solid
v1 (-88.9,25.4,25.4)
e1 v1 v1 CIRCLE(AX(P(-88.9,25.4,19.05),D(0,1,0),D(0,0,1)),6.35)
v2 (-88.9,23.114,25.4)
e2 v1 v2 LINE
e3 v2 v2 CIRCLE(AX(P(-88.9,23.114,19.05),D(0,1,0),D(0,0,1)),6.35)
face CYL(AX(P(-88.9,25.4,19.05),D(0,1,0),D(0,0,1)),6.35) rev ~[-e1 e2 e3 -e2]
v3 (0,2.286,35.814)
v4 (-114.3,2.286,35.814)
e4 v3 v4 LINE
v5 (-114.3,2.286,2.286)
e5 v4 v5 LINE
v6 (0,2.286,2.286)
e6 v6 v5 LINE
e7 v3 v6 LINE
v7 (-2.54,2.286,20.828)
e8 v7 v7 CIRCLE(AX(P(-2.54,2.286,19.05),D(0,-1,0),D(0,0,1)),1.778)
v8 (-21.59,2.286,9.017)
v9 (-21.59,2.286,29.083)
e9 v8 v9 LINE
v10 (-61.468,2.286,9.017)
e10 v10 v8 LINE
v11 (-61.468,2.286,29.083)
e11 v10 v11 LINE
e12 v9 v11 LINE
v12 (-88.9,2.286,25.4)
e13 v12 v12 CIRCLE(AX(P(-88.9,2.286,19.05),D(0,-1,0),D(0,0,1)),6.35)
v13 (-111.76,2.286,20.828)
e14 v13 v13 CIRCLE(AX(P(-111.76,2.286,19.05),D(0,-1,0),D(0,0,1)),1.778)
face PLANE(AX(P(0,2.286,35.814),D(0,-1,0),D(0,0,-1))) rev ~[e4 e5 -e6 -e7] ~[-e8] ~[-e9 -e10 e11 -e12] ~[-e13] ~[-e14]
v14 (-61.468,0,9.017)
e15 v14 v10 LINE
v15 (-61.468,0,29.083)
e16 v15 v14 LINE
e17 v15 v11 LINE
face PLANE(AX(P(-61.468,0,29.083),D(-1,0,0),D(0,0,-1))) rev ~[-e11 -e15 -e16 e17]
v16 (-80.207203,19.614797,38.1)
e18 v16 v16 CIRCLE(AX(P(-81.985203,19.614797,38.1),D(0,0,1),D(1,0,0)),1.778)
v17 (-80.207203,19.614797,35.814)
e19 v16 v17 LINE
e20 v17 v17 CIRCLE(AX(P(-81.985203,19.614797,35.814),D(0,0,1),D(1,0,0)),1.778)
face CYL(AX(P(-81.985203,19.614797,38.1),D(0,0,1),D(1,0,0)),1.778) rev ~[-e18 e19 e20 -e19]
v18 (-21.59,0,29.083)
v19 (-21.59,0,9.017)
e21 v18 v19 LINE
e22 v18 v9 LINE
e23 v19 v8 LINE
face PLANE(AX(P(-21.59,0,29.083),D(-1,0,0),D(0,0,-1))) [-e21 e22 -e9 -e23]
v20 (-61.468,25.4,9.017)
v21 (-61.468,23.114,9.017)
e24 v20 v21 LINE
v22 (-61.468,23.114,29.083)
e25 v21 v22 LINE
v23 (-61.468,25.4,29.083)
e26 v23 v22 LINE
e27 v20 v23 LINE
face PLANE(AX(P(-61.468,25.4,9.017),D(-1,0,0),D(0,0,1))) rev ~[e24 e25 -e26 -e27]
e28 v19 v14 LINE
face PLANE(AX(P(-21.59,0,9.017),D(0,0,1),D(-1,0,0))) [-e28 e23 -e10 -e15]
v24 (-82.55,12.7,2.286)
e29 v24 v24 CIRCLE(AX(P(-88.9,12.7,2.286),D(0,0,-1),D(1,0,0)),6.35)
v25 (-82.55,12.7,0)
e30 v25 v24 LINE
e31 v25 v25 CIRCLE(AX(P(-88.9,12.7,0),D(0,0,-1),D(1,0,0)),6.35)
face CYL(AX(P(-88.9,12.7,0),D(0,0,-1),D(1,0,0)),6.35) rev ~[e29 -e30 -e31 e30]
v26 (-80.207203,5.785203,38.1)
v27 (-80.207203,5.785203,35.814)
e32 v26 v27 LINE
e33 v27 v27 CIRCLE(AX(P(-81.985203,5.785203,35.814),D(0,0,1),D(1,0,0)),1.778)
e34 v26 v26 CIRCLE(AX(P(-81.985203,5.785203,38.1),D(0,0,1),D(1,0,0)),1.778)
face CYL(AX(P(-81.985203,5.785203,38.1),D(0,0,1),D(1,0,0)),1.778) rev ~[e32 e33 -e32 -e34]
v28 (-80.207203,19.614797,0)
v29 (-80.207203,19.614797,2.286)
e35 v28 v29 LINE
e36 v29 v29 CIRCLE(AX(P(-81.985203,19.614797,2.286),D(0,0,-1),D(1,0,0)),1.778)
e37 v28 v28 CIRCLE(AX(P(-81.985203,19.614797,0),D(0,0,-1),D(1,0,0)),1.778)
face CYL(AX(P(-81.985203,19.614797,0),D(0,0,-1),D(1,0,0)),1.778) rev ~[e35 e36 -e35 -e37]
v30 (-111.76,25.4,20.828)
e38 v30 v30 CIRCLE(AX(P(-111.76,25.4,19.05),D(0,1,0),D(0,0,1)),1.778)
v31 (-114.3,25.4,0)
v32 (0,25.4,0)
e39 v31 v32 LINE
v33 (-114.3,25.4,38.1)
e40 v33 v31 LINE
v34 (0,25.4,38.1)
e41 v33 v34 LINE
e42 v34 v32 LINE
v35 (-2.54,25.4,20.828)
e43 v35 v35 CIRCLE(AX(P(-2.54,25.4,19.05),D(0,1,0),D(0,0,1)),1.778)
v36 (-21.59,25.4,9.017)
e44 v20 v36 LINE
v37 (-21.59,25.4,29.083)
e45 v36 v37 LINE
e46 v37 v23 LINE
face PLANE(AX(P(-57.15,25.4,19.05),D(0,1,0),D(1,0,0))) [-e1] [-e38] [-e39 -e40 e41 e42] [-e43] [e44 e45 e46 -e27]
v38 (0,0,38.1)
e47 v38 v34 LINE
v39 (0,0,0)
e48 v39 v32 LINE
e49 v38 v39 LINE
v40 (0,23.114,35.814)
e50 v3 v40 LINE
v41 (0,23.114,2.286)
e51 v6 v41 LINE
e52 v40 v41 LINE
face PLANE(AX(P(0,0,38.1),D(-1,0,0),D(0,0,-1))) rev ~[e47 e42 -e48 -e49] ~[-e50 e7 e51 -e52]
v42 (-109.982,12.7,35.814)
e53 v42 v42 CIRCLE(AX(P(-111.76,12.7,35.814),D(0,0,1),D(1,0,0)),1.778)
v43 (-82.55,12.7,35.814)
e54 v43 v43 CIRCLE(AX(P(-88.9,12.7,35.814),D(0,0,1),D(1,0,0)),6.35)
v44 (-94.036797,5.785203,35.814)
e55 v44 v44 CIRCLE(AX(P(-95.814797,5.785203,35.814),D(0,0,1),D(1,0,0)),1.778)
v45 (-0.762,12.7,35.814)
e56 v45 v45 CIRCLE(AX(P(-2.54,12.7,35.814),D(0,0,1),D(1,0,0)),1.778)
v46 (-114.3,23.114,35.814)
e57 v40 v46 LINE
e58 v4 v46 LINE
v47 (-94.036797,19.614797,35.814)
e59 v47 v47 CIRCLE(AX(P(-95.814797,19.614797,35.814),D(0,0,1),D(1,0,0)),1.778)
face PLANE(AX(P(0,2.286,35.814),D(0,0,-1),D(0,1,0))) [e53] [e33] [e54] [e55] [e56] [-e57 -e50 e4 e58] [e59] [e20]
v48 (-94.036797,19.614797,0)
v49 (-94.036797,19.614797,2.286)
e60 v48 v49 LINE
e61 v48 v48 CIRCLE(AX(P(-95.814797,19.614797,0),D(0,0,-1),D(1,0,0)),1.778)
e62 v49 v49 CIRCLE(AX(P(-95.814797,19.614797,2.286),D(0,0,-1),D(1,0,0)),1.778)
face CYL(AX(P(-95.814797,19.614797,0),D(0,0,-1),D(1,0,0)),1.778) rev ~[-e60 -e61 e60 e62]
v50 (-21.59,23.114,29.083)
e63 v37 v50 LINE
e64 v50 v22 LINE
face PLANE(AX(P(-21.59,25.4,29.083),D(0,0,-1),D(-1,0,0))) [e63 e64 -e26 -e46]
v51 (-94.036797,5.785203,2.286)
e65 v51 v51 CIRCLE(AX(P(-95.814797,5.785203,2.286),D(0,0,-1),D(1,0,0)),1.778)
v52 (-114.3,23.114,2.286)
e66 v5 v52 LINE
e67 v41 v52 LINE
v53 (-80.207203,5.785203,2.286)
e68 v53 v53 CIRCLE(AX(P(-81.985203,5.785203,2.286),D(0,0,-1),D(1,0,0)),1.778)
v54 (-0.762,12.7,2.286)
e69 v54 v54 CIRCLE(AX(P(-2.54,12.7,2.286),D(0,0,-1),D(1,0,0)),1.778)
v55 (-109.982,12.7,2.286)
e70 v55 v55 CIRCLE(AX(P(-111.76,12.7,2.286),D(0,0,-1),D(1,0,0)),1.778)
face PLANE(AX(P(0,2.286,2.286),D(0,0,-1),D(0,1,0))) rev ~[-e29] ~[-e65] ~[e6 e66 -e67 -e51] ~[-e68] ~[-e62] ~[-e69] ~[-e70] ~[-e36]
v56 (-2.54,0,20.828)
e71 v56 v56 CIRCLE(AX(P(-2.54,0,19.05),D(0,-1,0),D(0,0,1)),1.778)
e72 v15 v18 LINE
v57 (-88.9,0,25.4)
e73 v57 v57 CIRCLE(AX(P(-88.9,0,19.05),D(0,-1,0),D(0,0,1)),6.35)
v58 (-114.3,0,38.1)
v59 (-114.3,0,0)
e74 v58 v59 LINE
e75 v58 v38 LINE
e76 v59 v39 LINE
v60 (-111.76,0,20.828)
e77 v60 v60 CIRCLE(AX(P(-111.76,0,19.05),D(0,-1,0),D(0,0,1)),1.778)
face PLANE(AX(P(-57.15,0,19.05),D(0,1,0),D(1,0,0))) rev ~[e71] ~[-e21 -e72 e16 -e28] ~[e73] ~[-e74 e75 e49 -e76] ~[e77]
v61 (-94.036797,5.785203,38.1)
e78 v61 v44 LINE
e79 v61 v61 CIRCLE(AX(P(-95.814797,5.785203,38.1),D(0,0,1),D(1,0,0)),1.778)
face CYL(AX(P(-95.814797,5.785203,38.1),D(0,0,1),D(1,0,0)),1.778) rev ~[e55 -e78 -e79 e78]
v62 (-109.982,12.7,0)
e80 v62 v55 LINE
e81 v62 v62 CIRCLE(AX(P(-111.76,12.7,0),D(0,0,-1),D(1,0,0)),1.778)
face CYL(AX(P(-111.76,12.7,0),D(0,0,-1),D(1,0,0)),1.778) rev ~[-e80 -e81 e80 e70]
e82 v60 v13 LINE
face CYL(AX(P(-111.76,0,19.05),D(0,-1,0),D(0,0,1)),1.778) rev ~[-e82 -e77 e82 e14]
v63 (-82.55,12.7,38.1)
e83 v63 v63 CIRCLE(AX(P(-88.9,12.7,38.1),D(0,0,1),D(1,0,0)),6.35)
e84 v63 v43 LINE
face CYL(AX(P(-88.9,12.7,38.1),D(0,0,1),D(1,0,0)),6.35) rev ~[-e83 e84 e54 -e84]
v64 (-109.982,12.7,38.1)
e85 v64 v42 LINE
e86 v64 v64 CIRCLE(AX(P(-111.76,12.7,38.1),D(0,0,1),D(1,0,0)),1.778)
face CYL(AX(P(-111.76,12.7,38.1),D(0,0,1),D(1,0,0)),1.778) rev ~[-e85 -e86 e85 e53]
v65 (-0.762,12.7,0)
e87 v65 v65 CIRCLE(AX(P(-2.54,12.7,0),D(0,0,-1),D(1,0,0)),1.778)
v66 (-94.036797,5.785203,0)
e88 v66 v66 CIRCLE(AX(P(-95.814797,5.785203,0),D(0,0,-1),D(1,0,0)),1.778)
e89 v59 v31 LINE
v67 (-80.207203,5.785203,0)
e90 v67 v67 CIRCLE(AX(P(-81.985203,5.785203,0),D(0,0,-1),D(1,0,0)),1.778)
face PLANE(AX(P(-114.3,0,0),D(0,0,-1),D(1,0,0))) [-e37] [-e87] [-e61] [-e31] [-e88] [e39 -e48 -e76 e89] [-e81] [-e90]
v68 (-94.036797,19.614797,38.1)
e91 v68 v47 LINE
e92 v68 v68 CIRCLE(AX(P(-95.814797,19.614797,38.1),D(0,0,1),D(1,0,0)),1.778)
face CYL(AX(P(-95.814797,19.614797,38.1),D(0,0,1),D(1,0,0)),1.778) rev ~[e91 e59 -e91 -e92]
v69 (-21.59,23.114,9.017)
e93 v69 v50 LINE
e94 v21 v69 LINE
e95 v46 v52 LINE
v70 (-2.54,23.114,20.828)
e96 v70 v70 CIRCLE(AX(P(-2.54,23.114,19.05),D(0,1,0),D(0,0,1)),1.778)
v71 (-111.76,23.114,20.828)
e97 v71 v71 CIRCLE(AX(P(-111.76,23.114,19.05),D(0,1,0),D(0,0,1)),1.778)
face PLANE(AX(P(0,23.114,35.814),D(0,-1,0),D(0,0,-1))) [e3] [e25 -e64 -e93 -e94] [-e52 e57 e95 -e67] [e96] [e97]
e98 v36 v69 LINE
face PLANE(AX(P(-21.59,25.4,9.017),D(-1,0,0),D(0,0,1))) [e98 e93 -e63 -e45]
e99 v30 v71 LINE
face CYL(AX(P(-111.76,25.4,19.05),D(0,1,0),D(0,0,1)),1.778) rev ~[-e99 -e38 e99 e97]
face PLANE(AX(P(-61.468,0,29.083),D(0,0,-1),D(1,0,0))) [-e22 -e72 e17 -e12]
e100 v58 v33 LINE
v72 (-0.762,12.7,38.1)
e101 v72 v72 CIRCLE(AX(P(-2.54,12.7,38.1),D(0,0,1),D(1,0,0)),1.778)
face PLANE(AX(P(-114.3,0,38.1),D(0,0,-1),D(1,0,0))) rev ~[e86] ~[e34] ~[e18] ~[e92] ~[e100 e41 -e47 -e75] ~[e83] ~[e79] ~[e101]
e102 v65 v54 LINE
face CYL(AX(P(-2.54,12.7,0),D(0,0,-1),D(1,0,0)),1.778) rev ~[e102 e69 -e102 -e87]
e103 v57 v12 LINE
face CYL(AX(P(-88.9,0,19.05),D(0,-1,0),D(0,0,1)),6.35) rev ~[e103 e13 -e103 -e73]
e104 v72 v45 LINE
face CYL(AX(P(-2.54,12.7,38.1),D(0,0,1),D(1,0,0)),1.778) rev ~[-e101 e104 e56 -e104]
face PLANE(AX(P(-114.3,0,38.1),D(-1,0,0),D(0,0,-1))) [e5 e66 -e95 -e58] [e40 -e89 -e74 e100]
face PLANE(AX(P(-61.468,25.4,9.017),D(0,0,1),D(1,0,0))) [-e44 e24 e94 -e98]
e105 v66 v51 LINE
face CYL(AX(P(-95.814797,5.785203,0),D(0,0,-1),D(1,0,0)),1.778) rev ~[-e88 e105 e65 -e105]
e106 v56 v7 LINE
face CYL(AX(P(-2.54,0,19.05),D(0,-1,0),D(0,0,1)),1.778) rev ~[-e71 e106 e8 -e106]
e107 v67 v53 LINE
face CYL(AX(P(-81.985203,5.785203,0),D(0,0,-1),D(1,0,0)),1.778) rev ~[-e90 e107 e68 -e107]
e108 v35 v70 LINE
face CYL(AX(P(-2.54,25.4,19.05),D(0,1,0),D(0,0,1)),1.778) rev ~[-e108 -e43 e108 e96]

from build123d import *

# Parameters (mm, degrees)
SKETCH1_W           = 114.3
SKETCH1_H           = 38.1
BOSS_EXTRUDE1_DEPTH = 25.4
CUT_EXTRUDE1_REACH  = 125.131
SKETCH2_W           = 33.528
SKETCH2_H           = 20.828
CUT_EXTRUDE2_REACH  = 125.131
SKETCH3_R           = 1.778
CUT_EXTRUDE3_REACH  = 125.131
SKETCH4_R           = 1.778
CUT_EXTRUDE4_REACH  = 125.131
SKETCH5_R           = 1.778
SKETCH5_R_2         = 6.35
CUT_EXTRUDE5_REACH  = 125.131
SKETCH6_R           = 1.778
SKETCH6_R_2         = 6.35
CUT_EXTRUDE6_REACH  = 125.131
SKETCH7_R           = 1.778
SKETCH7_R_2         = 6.35
CUT_EXTRUDE7_REACH  = 125.131
SKETCH8_R           = 1.778
SKETCH8_R_2         = 6.35
CUT_EXTRUDE8_REACH  = 125.131
SKETCH9_R           = 1.778
CUT_EXTRUDE9_REACH  = 125.131
SKETCH10_R          = 1.778


with BuildPart() as part:
    # Sketch1 → Boss-Extrude1 (new body)
    with BuildSketch(Plane(origin=(0, 0, 0), x_dir=(1, 0, 0), z_dir=(0, 1, 0))):
        with Locations((-57.15, -19.05)):
            Rectangle(SKETCH1_W, SKETCH1_H)
    extrude(amount=BOSS_EXTRUDE1_DEPTH)

    # Sketch2 → Cut-Extrude1 (cut, up to next)
    with BuildSketch(Plane(origin=(0, 0, 0), x_dir=(0, 0, -1), z_dir=(1, 0, 0)), mode=Mode.PRIVATE) as cut_extrude1_sk1:
        with Locations((-19.05, 12.7)):
            Rectangle(SKETCH2_W, SKETCH2_H)
    cut_extrude1_tool1 = extrude(cut_extrude1_sk1.sketch, amount=-CUT_EXTRUDE1_REACH, mode=Mode.PRIVATE) & part.part
    add(cut_extrude1_tool1.solids().sort_by_distance((0, 12.7, 19.05))[0], mode=Mode.SUBTRACT)

    # Sketch3 → Cut-Extrude2 (cut, up to next)
    with BuildSketch(Plane.XY.offset(38.1), mode=Mode.PRIVATE) as cut_extrude2_sk1:
        with Locations((-2.54, 12.7)):
            Circle(SKETCH3_R)
    cut_extrude2_tool1 = extrude(cut_extrude2_sk1.sketch, amount=-CUT_EXTRUDE2_REACH, mode=Mode.PRIVATE) & part.part
    add(cut_extrude2_tool1.solids().sort_by_distance((-2.54, 12.7, 38.1))[0], mode=Mode.SUBTRACT)

    # Sketch4 → Cut-Extrude3 (cut, up to next)
    with BuildSketch(Plane(origin=(0, 0, 0), x_dir=(-1, 0, 0), z_dir=(0, 0, -1)), mode=Mode.PRIVATE) as cut_extrude3_sk1:
        with Locations(Location((2.54, 12.7, 0), (0, 0, 180))):
            Circle(SKETCH4_R)
    cut_extrude3_tool1 = extrude(cut_extrude3_sk1.sketch, amount=-CUT_EXTRUDE3_REACH, mode=Mode.PRIVATE) & part.part
    add(cut_extrude3_tool1.solids().sort_by_distance((-2.54, 12.7, 0))[0], mode=Mode.SUBTRACT)

    # Sketch5 → Cut-Extrude4 (cut, up to next)
    with BuildSketch(Plane.XY.offset(38.1), mode=Mode.PRIVATE) as cut_extrude4_sk1:
        with Locations((-111.76, 12.7)):
            Circle(SKETCH5_R)
    cut_extrude4_tool1 = extrude(cut_extrude4_sk1.sketch, amount=-CUT_EXTRUDE4_REACH, mode=Mode.PRIVATE) & part.part
    # Sketch5 → Cut-Extrude4 (cut, up to next)
    with BuildSketch(Plane.XY.offset(38.1), mode=Mode.PRIVATE) as cut_extrude4_sk2:
        with Locations((-88.9, 12.7)):
            Circle(SKETCH5_R_2)
    cut_extrude4_tool2 = extrude(cut_extrude4_sk2.sketch, amount=-CUT_EXTRUDE4_REACH, mode=Mode.PRIVATE) & part.part
    # Sketch5 → Cut-Extrude4 (cut, up to next)
    with BuildSketch(Plane.XY.offset(38.1), mode=Mode.PRIVATE) as cut_extrude4_sk3:
        with Locations((-95.814797213, 19.614797213)):
            Circle(SKETCH5_R)
    cut_extrude4_tool3 = extrude(cut_extrude4_sk3.sketch, amount=-CUT_EXTRUDE4_REACH, mode=Mode.PRIVATE) & part.part
    # Sketch5 → Cut-Extrude4 (cut, up to next)
    with BuildSketch(Plane.XY.offset(38.1), mode=Mode.PRIVATE) as cut_extrude4_sk4:
        with Locations((-81.985202787, 19.614797213)):
            Circle(SKETCH5_R)
    cut_extrude4_tool4 = extrude(cut_extrude4_sk4.sketch, amount=-CUT_EXTRUDE4_REACH, mode=Mode.PRIVATE) & part.part
    # Sketch5 → Cut-Extrude4 (cut, up to next)
    with BuildSketch(Plane.XY.offset(38.1), mode=Mode.PRIVATE) as cut_extrude4_sk5:
        with Locations((-95.814797213, 5.785202787)):
            Circle(SKETCH5_R)
    cut_extrude4_tool5 = extrude(cut_extrude4_sk5.sketch, amount=-CUT_EXTRUDE4_REACH, mode=Mode.PRIVATE) & part.part
    # Sketch5 → Cut-Extrude4 (cut, up to next)
    with BuildSketch(Plane.XY.offset(38.1), mode=Mode.PRIVATE) as cut_extrude4_sk6:
        with Locations((-81.985202787, 5.785202787)):
            Circle(SKETCH5_R)
    cut_extrude4_tool6 = extrude(cut_extrude4_sk6.sketch, amount=-CUT_EXTRUDE4_REACH, mode=Mode.PRIVATE) & part.part
    add(cut_extrude4_tool1.solids().sort_by_distance((-111.76, 12.7, 38.1))[0], mode=Mode.SUBTRACT)
    add(cut_extrude4_tool2.solids().sort_by_distance((-88.9, 12.7, 38.1))[0], mode=Mode.SUBTRACT)
    add(cut_extrude4_tool3.solids().sort_by_distance((-95.814797, 19.614797, 38.1))[0], mode=Mode.SUBTRACT)
    add(cut_extrude4_tool4.solids().sort_by_distance((-81.985203, 19.614797, 38.1))[0], mode=Mode.SUBTRACT)
    add(cut_extrude4_tool5.solids().sort_by_distance((-95.814797, 5.785203, 38.1))[0], mode=Mode.SUBTRACT)
    add(cut_extrude4_tool6.solids().sort_by_distance((-81.985203, 5.785203, 38.1))[0], mode=Mode.SUBTRACT)

    # Sketch6 → Cut-Extrude5 (cut, up to next)
    with BuildSketch(Plane(origin=(0, 0, 0), x_dir=(-1, 0, 0), z_dir=(0, 0, -1)), mode=Mode.PRIVATE) as cut_extrude5_sk1:
        with Locations(Location((111.76, 12.7, 0), (0, 0, 180))):
            Circle(SKETCH6_R)
    cut_extrude5_tool1 = extrude(cut_extrude5_sk1.sketch, amount=-CUT_EXTRUDE5_REACH, mode=Mode.PRIVATE) & part.part
    # Sketch6 → Cut-Extrude5 (cut, up to next)
    with BuildSketch(Plane(origin=(0, 0, 0), x_dir=(-1, 0, 0), z_dir=(0, 0, -1)), mode=Mode.PRIVATE) as cut_extrude5_sk2:
        with Locations(Location((88.9, 12.7, 0), (0, 0, 180))):
            Circle(SKETCH6_R_2)
    cut_extrude5_tool2 = extrude(cut_extrude5_sk2.sketch, amount=-CUT_EXTRUDE5_REACH, mode=Mode.PRIVATE) & part.part
    # Sketch6 → Cut-Extrude5 (cut, up to next)
    with BuildSketch(Plane(origin=(0, 0, 0), x_dir=(-1, 0, 0), z_dir=(0, 0, -1)), mode=Mode.PRIVATE) as cut_extrude5_sk3:
        with Locations(Location((81.985202787, 19.614797213, 0), (0, 0, 180))):
            Circle(SKETCH6_R)
    cut_extrude5_tool3 = extrude(cut_extrude5_sk3.sketch, amount=-CUT_EXTRUDE5_REACH, mode=Mode.PRIVATE) & part.part
    # Sketch6 → Cut-Extrude5 (cut, up to next)
    with BuildSketch(Plane(origin=(0, 0, 0), x_dir=(-1, 0, 0), z_dir=(0, 0, -1)), mode=Mode.PRIVATE) as cut_extrude5_sk4:
        with Locations(Location((95.814797213, 19.614797213, 0), (0, 0, 180))):
            Circle(SKETCH6_R)
    cut_extrude5_tool4 = extrude(cut_extrude5_sk4.sketch, amount=-CUT_EXTRUDE5_REACH, mode=Mode.PRIVATE) & part.part
    # Sketch6 → Cut-Extrude5 (cut, up to next)
    with BuildSketch(Plane(origin=(0, 0, 0), x_dir=(-1, 0, 0), z_dir=(0, 0, -1)), mode=Mode.PRIVATE) as cut_extrude5_sk5:
        with Locations(Location((95.814797213, 5.785202787, 0), (0, 0, 180))):
            Circle(SKETCH6_R)
    cut_extrude5_tool5 = extrude(cut_extrude5_sk5.sketch, amount=-CUT_EXTRUDE5_REACH, mode=Mode.PRIVATE) & part.part
    # Sketch6 → Cut-Extrude5 (cut, up to next)
    with BuildSketch(Plane(origin=(0, 0, 0), x_dir=(-1, 0, 0), z_dir=(0, 0, -1)), mode=Mode.PRIVATE) as cut_extrude5_sk6:
        with Locations(Location((81.985202787, 5.785202787, 0), (0, 0, 180))):
            Circle(SKETCH6_R)
    cut_extrude5_tool6 = extrude(cut_extrude5_sk6.sketch, amount=-CUT_EXTRUDE5_REACH, mode=Mode.PRIVATE) & part.part
    add(cut_extrude5_tool1.solids().sort_by_distance((-111.76, 12.7, 0))[0], mode=Mode.SUBTRACT)
    add(cut_extrude5_tool2.solids().sort_by_distance((-88.9, 12.7, 0))[0], mode=Mode.SUBTRACT)
    add(cut_extrude5_tool3.solids().sort_by_distance((-81.985203, 19.614797, 0))[0], mode=Mode.SUBTRACT)
    add(cut_extrude5_tool4.solids().sort_by_distance((-95.814797, 19.614797, 0))[0], mode=Mode.SUBTRACT)
    add(cut_extrude5_tool5.solids().sort_by_distance((-95.814797, 5.785203, 0))[0], mode=Mode.SUBTRACT)
    add(cut_extrude5_tool6.solids().sort_by_distance((-81.985203, 5.785203, 0))[0], mode=Mode.SUBTRACT)

    # Sketch7 → Cut-Extrude6 (cut, up to next)
    with BuildSketch(Plane(origin=(0, 25.4, 0), x_dir=(1, 0, 0), z_dir=(0, 1, 0)), mode=Mode.PRIVATE) as cut_extrude6_sk1:
        with Locations(Location((-111.76, -19.05, 0), (0, 0, 270))):
            Circle(SKETCH7_R)
    cut_extrude6_tool1 = extrude(cut_extrude6_sk1.sketch, amount=-CUT_EXTRUDE6_REACH, mode=Mode.PRIVATE) & part.part
    # Sketch7 → Cut-Extrude6 (cut, up to next)
    with BuildSketch(Plane(origin=(0, 25.4, 0), x_dir=(1, 0, 0), z_dir=(0, 1, 0)), mode=Mode.PRIVATE) as cut_extrude6_sk2:
        with Locations(Location((-88.9, -19.05, 0), (0, 0, 270))):
            Circle(SKETCH7_R_2)
    cut_extrude6_tool2 = extrude(cut_extrude6_sk2.sketch, amount=-CUT_EXTRUDE6_REACH, mode=Mode.PRIVATE) & part.part
    # Sketch7 → Cut-Extrude6 (cut, up to next)
    with BuildSketch(Plane(origin=(0, 25.4, 0), x_dir=(1, 0, 0), z_dir=(0, 1, 0)), mode=Mode.PRIVATE) as cut_extrude6_sk3:
        Polygon((-61.468, -19.05), (-61.468, -9.017), (-21.59, -9.017), (-21.59, -29.083), (-61.468, -29.083), align=None)
    cut_extrude6_tool3 = extrude(cut_extrude6_sk3.sketch, amount=-CUT_EXTRUDE6_REACH, mode=Mode.PRIVATE) & part.part
    add(cut_extrude6_tool1.solids().sort_by_distance((-111.76, 25.4, 19.05))[0], mode=Mode.SUBTRACT)
    add(cut_extrude6_tool2.solids().sort_by_distance((-88.9, 25.4, 19.05))[0], mode=Mode.SUBTRACT)
    add(cut_extrude6_tool3.solids().sort_by_distance((-41.529, 25.4, 19.05))[0], mode=Mode.SUBTRACT)

    # Sketch8 → Cut-Extrude7 (cut, up to next)
    with BuildSketch(Plane.XZ, mode=Mode.PRIVATE) as cut_extrude7_sk1:
        with Locations(Location((-111.76, 19.05, 0), (0, 0, 90))):
            Circle(SKETCH8_R)
    cut_extrude7_tool1 = extrude(cut_extrude7_sk1.sketch, amount=-CUT_EXTRUDE7_REACH, mode=Mode.PRIVATE) & part.part
    # Sketch8 → Cut-Extrude7 (cut, up to next)
    with BuildSketch(Plane.XZ, mode=Mode.PRIVATE) as cut_extrude7_sk2:
        with Locations(Location((-88.9, 19.05, 0), (0, 0, 90))):
            Circle(SKETCH8_R_2)
    cut_extrude7_tool2 = extrude(cut_extrude7_sk2.sketch, amount=-CUT_EXTRUDE7_REACH, mode=Mode.PRIVATE) & part.part
    # Sketch8 → Cut-Extrude7 (cut, up to next)
    with BuildSketch(Plane.XZ, mode=Mode.PRIVATE) as cut_extrude7_sk3:
        Polygon((-61.468, 19.05), (-61.468, 29.083), (-21.59, 29.083), (-21.59, 9.017), (-61.468, 9.017), align=None)
    cut_extrude7_tool3 = extrude(cut_extrude7_sk3.sketch, amount=-CUT_EXTRUDE7_REACH, mode=Mode.PRIVATE) & part.part
    add(cut_extrude7_tool1.solids().sort_by_distance((-111.76, 0, 19.05))[0], mode=Mode.SUBTRACT)
    add(cut_extrude7_tool2.solids().sort_by_distance((-88.9, 0, 19.05))[0], mode=Mode.SUBTRACT)
    add(cut_extrude7_tool3.solids().sort_by_distance((-41.529, 0, 19.05))[0], mode=Mode.SUBTRACT)

    # Sketch9 → Cut-Extrude8 (cut, up to next)
    with BuildSketch(Plane(origin=(0, 25.4, 0), x_dir=(1, 0, 0), z_dir=(0, 1, 0)), mode=Mode.PRIVATE) as cut_extrude8_sk1:
        with Locations(Location((-2.54, -19.05, 0), (0, 0, 270))):
            Circle(SKETCH9_R)
    cut_extrude8_tool1 = extrude(cut_extrude8_sk1.sketch, amount=-CUT_EXTRUDE8_REACH, mode=Mode.PRIVATE) & part.part
    add(cut_extrude8_tool1.solids().sort_by_distance((-2.54, 25.4, 19.05))[0], mode=Mode.SUBTRACT)

    # Sketch10 → Cut-Extrude9 (cut, up to next)
    with BuildSketch(Plane(origin=(0, 0, 0), x_dir=(-1, 0, 0), z_dir=(0, -1, 0)), mode=Mode.PRIVATE) as cut_extrude9_sk1:
        with Locations(Location((2.54, -19.05, 0), (0, 0, 270))):
            Circle(SKETCH10_R)
    cut_extrude9_tool1 = extrude(cut_extrude9_sk1.sketch, amount=-CUT_EXTRUDE9_REACH, mode=Mode.PRIVATE) & part.part
    add(cut_extrude9_tool1.solids().sort_by_distance((-2.54, 0, 19.05))[0], mode=Mode.SUBTRACT)


solid = part.part
